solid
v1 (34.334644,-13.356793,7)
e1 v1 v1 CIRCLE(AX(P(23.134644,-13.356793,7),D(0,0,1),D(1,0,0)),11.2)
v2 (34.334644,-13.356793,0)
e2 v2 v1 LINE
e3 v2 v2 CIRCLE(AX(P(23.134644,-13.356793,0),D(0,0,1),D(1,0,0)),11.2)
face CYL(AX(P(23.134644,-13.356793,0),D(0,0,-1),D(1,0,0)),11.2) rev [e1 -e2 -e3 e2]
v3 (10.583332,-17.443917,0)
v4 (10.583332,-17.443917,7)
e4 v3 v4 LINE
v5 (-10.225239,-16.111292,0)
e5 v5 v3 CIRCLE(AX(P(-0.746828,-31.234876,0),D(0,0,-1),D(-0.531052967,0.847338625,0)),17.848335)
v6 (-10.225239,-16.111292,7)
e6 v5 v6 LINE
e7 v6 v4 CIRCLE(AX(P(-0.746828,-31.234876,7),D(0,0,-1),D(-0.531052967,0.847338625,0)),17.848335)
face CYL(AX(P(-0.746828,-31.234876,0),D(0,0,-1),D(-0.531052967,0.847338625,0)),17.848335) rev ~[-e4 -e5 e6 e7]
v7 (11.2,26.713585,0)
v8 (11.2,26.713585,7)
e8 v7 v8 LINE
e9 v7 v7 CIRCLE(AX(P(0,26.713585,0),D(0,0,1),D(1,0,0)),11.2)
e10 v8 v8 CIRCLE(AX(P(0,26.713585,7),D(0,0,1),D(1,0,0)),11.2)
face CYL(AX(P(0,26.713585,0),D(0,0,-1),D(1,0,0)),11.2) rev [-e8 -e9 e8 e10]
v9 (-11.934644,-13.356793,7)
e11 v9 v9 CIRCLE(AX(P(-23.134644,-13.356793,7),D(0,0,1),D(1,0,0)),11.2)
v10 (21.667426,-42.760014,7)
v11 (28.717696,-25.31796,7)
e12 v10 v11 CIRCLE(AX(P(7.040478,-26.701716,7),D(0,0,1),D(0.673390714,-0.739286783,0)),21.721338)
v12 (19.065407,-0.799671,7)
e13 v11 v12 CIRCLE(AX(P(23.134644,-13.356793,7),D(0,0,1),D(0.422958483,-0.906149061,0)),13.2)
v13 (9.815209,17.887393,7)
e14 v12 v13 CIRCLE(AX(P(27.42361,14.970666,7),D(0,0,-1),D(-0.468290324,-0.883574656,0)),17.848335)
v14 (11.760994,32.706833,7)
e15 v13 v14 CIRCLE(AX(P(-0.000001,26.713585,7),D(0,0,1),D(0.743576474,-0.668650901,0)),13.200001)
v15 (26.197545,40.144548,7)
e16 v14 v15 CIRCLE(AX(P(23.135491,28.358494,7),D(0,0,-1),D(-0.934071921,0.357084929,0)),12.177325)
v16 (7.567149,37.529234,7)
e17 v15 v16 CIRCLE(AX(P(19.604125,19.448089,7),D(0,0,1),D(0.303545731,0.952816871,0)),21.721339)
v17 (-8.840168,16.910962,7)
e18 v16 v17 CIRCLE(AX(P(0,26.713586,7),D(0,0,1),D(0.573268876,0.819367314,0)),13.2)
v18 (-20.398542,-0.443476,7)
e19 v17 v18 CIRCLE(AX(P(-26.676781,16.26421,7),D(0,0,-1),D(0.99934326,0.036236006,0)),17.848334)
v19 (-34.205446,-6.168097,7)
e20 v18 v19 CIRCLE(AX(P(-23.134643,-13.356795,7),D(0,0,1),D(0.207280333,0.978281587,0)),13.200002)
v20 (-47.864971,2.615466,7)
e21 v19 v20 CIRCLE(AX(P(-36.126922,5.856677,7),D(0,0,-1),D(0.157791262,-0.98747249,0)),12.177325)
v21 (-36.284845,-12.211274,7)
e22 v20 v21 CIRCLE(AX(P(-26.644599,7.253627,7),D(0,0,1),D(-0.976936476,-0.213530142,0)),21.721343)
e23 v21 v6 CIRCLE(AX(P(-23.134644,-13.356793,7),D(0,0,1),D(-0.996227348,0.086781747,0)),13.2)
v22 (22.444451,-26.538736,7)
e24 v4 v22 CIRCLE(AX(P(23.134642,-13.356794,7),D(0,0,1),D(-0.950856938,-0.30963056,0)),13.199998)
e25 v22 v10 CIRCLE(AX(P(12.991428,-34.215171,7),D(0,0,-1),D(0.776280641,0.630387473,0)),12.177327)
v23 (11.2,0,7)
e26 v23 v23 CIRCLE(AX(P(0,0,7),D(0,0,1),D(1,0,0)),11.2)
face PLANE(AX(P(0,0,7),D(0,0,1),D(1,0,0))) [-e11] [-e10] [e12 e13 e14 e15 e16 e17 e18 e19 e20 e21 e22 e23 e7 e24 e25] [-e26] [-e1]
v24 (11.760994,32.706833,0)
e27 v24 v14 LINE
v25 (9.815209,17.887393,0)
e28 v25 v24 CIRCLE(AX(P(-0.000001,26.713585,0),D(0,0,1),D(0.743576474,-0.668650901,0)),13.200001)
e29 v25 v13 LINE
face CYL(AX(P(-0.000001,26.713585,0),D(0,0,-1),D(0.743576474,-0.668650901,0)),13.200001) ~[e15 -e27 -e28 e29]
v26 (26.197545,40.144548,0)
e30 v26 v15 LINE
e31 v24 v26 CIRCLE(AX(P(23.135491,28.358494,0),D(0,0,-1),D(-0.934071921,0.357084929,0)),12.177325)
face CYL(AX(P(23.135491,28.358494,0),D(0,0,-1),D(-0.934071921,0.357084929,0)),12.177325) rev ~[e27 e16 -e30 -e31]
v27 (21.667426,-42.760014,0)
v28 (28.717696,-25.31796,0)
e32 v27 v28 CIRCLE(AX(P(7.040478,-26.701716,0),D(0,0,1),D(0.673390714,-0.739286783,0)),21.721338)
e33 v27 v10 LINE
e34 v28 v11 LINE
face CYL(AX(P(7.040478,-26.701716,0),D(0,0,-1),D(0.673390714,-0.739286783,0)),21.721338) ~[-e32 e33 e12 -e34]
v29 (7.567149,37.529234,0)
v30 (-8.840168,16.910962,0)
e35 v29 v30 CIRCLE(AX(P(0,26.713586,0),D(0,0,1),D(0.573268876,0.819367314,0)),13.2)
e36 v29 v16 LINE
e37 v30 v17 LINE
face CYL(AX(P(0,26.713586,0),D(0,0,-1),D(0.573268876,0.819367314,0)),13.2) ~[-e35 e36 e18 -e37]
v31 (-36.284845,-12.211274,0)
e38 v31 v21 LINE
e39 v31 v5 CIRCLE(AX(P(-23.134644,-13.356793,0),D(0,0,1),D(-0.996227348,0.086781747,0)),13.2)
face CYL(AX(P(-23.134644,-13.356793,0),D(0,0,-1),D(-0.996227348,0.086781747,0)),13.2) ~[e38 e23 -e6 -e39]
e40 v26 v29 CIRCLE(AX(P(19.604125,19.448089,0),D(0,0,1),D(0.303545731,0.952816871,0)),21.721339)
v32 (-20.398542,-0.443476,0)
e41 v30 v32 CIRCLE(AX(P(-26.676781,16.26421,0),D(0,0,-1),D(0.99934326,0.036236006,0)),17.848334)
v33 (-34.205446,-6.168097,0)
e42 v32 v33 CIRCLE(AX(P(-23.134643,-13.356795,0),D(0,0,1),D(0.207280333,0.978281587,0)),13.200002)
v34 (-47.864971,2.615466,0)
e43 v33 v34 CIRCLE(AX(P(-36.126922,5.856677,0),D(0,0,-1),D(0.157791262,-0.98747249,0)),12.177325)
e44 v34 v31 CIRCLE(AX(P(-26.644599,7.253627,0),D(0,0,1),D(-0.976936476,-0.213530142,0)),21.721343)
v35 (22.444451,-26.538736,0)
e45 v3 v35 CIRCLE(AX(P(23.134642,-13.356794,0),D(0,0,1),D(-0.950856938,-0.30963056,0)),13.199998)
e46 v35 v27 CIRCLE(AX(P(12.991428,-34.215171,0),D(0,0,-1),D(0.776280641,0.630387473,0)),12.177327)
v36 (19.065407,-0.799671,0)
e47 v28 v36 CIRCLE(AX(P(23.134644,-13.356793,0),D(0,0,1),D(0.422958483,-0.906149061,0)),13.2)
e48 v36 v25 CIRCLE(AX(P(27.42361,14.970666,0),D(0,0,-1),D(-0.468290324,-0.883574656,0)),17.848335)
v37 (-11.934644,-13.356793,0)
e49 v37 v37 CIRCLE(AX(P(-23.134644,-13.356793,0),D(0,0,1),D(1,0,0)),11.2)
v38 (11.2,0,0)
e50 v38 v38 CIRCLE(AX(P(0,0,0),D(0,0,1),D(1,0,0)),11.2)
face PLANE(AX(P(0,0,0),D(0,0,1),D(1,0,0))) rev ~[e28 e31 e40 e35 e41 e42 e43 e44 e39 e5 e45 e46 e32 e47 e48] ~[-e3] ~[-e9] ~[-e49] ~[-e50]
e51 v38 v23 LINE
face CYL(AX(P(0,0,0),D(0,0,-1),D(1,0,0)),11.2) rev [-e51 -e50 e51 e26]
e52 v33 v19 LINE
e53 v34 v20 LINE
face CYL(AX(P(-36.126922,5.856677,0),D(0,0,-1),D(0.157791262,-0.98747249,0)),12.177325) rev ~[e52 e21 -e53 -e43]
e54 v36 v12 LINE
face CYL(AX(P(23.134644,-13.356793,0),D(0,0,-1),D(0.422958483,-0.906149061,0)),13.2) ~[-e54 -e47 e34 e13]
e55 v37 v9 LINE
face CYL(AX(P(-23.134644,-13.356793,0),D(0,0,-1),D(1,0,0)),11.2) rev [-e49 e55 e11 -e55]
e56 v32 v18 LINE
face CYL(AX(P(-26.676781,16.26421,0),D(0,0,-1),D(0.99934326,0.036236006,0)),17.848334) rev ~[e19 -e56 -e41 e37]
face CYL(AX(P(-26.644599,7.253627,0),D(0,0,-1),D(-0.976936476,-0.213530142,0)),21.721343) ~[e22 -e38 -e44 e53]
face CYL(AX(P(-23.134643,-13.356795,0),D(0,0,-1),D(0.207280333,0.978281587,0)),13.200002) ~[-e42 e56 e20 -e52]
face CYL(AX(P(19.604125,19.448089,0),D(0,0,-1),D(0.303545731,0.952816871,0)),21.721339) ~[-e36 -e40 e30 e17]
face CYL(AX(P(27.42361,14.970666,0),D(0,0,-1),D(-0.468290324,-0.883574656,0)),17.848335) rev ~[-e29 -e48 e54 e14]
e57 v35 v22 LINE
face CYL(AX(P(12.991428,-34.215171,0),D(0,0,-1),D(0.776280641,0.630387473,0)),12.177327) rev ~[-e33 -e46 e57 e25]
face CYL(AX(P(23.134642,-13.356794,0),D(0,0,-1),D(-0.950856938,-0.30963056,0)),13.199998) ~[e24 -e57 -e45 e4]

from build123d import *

# Parameters (mm, degrees)
F0_R     = 11.2
F1_DEPTH = 7


with BuildPart() as f1:
    # F0 (on Top) → F1 (new body)
    with BuildSketch(Plane.XY):
        with BuildLine():
            ThreePointArc((19.065407, -0.799671), (11.427744, 7.052626), (9.815209, 17.887393))
            ThreePointArc((9.815209, 17.887393), (13.087669, 24.995181), (11.760994, 32.706833))
            ThreePointArc((11.760994, 32.706833), (9.96033, 35.375677), (7.567149, 37.529234))
            ThreePointArc((7.567149, 37.529234), (-10.328767, 34.932866), (-8.840168, 16.910962))
            ThreePointArc((-8.840168, 16.910962), (-11.821625, 6.370404), (-20.398542, -0.443476))
            ThreePointArc((-20.398542, -0.443476), (-28.190297, -1.163337), (-34.205446, -6.168097))
            ThreePointArc((-34.205446, -6.168097), (-35.6164, -9.06194), (-36.284845, -12.211274))
            ThreePointArc((-36.284845, -12.211274), (-25.088366, -26.411408), (-10.225239, -16.111292))
            ThreePointArc((-10.225239, -16.111292), (0.393881, -13.42303), (10.583332, -17.443917))
            ThreePointArc((10.583332, -17.443917), (15.102627, -23.831845), (22.444451, -26.538736))
            ThreePointArc((22.444451, -26.538736), (25.65607, -26.313737), (28.717696, -25.31796))
            ThreePointArc((28.717696, -25.31796), (35.417133, -8.521458), (19.065407, -0.799671))
        make_face()
        with Locations((-23.134644, -13.356793)):
            Circle(F0_R, mode=Mode.SUBTRACT)
        with Locations((23.134644, -13.356793)):
            Circle(F0_R, mode=Mode.SUBTRACT)
        Circle(F0_R, mode=Mode.SUBTRACT)
        with Locations((0, 26.713585)):
            Circle(F0_R, mode=Mode.SUBTRACT)
        with BuildLine():
            ThreePointArc((7.567149, 37.529234), (9.96033, 35.375677), (11.760994, 32.706833))
            ThreePointArc((11.760994, 32.706833), (17.558388, 39.183611), (26.197545, 40.144548))
            ThreePointArc((26.197545, 40.144548), (16.584515, 40.958518), (7.567149, 37.529234))
        make_face()
        with BuildLine():
            ThreePointArc((21.667426, -42.760014), (27.17886, -34.841871), (28.717696, -25.31796))
            ThreePointArc((28.717696, -25.31796), (25.65607, -26.313737), (22.444451, -26.538736))
            ThreePointArc((22.444451, -26.538736), (25.154808, -34.797816), (21.667426, -42.760014))
        make_face()
        with BuildLine():
            ThreePointArc((-36.284845, -12.211274), (-35.6164, -9.06194), (-34.205446, -6.168097))
            ThreePointArc((-34.205446, -6.168097), (-42.713197, -4.385795), (-47.864971, 2.615466))
            ThreePointArc((-47.864971, 2.615466), (-43.763375, -6.116647), (-36.284845, -12.211274))
        make_face()
    extrude(amount=F1_DEPTH)


solid = f1.part
